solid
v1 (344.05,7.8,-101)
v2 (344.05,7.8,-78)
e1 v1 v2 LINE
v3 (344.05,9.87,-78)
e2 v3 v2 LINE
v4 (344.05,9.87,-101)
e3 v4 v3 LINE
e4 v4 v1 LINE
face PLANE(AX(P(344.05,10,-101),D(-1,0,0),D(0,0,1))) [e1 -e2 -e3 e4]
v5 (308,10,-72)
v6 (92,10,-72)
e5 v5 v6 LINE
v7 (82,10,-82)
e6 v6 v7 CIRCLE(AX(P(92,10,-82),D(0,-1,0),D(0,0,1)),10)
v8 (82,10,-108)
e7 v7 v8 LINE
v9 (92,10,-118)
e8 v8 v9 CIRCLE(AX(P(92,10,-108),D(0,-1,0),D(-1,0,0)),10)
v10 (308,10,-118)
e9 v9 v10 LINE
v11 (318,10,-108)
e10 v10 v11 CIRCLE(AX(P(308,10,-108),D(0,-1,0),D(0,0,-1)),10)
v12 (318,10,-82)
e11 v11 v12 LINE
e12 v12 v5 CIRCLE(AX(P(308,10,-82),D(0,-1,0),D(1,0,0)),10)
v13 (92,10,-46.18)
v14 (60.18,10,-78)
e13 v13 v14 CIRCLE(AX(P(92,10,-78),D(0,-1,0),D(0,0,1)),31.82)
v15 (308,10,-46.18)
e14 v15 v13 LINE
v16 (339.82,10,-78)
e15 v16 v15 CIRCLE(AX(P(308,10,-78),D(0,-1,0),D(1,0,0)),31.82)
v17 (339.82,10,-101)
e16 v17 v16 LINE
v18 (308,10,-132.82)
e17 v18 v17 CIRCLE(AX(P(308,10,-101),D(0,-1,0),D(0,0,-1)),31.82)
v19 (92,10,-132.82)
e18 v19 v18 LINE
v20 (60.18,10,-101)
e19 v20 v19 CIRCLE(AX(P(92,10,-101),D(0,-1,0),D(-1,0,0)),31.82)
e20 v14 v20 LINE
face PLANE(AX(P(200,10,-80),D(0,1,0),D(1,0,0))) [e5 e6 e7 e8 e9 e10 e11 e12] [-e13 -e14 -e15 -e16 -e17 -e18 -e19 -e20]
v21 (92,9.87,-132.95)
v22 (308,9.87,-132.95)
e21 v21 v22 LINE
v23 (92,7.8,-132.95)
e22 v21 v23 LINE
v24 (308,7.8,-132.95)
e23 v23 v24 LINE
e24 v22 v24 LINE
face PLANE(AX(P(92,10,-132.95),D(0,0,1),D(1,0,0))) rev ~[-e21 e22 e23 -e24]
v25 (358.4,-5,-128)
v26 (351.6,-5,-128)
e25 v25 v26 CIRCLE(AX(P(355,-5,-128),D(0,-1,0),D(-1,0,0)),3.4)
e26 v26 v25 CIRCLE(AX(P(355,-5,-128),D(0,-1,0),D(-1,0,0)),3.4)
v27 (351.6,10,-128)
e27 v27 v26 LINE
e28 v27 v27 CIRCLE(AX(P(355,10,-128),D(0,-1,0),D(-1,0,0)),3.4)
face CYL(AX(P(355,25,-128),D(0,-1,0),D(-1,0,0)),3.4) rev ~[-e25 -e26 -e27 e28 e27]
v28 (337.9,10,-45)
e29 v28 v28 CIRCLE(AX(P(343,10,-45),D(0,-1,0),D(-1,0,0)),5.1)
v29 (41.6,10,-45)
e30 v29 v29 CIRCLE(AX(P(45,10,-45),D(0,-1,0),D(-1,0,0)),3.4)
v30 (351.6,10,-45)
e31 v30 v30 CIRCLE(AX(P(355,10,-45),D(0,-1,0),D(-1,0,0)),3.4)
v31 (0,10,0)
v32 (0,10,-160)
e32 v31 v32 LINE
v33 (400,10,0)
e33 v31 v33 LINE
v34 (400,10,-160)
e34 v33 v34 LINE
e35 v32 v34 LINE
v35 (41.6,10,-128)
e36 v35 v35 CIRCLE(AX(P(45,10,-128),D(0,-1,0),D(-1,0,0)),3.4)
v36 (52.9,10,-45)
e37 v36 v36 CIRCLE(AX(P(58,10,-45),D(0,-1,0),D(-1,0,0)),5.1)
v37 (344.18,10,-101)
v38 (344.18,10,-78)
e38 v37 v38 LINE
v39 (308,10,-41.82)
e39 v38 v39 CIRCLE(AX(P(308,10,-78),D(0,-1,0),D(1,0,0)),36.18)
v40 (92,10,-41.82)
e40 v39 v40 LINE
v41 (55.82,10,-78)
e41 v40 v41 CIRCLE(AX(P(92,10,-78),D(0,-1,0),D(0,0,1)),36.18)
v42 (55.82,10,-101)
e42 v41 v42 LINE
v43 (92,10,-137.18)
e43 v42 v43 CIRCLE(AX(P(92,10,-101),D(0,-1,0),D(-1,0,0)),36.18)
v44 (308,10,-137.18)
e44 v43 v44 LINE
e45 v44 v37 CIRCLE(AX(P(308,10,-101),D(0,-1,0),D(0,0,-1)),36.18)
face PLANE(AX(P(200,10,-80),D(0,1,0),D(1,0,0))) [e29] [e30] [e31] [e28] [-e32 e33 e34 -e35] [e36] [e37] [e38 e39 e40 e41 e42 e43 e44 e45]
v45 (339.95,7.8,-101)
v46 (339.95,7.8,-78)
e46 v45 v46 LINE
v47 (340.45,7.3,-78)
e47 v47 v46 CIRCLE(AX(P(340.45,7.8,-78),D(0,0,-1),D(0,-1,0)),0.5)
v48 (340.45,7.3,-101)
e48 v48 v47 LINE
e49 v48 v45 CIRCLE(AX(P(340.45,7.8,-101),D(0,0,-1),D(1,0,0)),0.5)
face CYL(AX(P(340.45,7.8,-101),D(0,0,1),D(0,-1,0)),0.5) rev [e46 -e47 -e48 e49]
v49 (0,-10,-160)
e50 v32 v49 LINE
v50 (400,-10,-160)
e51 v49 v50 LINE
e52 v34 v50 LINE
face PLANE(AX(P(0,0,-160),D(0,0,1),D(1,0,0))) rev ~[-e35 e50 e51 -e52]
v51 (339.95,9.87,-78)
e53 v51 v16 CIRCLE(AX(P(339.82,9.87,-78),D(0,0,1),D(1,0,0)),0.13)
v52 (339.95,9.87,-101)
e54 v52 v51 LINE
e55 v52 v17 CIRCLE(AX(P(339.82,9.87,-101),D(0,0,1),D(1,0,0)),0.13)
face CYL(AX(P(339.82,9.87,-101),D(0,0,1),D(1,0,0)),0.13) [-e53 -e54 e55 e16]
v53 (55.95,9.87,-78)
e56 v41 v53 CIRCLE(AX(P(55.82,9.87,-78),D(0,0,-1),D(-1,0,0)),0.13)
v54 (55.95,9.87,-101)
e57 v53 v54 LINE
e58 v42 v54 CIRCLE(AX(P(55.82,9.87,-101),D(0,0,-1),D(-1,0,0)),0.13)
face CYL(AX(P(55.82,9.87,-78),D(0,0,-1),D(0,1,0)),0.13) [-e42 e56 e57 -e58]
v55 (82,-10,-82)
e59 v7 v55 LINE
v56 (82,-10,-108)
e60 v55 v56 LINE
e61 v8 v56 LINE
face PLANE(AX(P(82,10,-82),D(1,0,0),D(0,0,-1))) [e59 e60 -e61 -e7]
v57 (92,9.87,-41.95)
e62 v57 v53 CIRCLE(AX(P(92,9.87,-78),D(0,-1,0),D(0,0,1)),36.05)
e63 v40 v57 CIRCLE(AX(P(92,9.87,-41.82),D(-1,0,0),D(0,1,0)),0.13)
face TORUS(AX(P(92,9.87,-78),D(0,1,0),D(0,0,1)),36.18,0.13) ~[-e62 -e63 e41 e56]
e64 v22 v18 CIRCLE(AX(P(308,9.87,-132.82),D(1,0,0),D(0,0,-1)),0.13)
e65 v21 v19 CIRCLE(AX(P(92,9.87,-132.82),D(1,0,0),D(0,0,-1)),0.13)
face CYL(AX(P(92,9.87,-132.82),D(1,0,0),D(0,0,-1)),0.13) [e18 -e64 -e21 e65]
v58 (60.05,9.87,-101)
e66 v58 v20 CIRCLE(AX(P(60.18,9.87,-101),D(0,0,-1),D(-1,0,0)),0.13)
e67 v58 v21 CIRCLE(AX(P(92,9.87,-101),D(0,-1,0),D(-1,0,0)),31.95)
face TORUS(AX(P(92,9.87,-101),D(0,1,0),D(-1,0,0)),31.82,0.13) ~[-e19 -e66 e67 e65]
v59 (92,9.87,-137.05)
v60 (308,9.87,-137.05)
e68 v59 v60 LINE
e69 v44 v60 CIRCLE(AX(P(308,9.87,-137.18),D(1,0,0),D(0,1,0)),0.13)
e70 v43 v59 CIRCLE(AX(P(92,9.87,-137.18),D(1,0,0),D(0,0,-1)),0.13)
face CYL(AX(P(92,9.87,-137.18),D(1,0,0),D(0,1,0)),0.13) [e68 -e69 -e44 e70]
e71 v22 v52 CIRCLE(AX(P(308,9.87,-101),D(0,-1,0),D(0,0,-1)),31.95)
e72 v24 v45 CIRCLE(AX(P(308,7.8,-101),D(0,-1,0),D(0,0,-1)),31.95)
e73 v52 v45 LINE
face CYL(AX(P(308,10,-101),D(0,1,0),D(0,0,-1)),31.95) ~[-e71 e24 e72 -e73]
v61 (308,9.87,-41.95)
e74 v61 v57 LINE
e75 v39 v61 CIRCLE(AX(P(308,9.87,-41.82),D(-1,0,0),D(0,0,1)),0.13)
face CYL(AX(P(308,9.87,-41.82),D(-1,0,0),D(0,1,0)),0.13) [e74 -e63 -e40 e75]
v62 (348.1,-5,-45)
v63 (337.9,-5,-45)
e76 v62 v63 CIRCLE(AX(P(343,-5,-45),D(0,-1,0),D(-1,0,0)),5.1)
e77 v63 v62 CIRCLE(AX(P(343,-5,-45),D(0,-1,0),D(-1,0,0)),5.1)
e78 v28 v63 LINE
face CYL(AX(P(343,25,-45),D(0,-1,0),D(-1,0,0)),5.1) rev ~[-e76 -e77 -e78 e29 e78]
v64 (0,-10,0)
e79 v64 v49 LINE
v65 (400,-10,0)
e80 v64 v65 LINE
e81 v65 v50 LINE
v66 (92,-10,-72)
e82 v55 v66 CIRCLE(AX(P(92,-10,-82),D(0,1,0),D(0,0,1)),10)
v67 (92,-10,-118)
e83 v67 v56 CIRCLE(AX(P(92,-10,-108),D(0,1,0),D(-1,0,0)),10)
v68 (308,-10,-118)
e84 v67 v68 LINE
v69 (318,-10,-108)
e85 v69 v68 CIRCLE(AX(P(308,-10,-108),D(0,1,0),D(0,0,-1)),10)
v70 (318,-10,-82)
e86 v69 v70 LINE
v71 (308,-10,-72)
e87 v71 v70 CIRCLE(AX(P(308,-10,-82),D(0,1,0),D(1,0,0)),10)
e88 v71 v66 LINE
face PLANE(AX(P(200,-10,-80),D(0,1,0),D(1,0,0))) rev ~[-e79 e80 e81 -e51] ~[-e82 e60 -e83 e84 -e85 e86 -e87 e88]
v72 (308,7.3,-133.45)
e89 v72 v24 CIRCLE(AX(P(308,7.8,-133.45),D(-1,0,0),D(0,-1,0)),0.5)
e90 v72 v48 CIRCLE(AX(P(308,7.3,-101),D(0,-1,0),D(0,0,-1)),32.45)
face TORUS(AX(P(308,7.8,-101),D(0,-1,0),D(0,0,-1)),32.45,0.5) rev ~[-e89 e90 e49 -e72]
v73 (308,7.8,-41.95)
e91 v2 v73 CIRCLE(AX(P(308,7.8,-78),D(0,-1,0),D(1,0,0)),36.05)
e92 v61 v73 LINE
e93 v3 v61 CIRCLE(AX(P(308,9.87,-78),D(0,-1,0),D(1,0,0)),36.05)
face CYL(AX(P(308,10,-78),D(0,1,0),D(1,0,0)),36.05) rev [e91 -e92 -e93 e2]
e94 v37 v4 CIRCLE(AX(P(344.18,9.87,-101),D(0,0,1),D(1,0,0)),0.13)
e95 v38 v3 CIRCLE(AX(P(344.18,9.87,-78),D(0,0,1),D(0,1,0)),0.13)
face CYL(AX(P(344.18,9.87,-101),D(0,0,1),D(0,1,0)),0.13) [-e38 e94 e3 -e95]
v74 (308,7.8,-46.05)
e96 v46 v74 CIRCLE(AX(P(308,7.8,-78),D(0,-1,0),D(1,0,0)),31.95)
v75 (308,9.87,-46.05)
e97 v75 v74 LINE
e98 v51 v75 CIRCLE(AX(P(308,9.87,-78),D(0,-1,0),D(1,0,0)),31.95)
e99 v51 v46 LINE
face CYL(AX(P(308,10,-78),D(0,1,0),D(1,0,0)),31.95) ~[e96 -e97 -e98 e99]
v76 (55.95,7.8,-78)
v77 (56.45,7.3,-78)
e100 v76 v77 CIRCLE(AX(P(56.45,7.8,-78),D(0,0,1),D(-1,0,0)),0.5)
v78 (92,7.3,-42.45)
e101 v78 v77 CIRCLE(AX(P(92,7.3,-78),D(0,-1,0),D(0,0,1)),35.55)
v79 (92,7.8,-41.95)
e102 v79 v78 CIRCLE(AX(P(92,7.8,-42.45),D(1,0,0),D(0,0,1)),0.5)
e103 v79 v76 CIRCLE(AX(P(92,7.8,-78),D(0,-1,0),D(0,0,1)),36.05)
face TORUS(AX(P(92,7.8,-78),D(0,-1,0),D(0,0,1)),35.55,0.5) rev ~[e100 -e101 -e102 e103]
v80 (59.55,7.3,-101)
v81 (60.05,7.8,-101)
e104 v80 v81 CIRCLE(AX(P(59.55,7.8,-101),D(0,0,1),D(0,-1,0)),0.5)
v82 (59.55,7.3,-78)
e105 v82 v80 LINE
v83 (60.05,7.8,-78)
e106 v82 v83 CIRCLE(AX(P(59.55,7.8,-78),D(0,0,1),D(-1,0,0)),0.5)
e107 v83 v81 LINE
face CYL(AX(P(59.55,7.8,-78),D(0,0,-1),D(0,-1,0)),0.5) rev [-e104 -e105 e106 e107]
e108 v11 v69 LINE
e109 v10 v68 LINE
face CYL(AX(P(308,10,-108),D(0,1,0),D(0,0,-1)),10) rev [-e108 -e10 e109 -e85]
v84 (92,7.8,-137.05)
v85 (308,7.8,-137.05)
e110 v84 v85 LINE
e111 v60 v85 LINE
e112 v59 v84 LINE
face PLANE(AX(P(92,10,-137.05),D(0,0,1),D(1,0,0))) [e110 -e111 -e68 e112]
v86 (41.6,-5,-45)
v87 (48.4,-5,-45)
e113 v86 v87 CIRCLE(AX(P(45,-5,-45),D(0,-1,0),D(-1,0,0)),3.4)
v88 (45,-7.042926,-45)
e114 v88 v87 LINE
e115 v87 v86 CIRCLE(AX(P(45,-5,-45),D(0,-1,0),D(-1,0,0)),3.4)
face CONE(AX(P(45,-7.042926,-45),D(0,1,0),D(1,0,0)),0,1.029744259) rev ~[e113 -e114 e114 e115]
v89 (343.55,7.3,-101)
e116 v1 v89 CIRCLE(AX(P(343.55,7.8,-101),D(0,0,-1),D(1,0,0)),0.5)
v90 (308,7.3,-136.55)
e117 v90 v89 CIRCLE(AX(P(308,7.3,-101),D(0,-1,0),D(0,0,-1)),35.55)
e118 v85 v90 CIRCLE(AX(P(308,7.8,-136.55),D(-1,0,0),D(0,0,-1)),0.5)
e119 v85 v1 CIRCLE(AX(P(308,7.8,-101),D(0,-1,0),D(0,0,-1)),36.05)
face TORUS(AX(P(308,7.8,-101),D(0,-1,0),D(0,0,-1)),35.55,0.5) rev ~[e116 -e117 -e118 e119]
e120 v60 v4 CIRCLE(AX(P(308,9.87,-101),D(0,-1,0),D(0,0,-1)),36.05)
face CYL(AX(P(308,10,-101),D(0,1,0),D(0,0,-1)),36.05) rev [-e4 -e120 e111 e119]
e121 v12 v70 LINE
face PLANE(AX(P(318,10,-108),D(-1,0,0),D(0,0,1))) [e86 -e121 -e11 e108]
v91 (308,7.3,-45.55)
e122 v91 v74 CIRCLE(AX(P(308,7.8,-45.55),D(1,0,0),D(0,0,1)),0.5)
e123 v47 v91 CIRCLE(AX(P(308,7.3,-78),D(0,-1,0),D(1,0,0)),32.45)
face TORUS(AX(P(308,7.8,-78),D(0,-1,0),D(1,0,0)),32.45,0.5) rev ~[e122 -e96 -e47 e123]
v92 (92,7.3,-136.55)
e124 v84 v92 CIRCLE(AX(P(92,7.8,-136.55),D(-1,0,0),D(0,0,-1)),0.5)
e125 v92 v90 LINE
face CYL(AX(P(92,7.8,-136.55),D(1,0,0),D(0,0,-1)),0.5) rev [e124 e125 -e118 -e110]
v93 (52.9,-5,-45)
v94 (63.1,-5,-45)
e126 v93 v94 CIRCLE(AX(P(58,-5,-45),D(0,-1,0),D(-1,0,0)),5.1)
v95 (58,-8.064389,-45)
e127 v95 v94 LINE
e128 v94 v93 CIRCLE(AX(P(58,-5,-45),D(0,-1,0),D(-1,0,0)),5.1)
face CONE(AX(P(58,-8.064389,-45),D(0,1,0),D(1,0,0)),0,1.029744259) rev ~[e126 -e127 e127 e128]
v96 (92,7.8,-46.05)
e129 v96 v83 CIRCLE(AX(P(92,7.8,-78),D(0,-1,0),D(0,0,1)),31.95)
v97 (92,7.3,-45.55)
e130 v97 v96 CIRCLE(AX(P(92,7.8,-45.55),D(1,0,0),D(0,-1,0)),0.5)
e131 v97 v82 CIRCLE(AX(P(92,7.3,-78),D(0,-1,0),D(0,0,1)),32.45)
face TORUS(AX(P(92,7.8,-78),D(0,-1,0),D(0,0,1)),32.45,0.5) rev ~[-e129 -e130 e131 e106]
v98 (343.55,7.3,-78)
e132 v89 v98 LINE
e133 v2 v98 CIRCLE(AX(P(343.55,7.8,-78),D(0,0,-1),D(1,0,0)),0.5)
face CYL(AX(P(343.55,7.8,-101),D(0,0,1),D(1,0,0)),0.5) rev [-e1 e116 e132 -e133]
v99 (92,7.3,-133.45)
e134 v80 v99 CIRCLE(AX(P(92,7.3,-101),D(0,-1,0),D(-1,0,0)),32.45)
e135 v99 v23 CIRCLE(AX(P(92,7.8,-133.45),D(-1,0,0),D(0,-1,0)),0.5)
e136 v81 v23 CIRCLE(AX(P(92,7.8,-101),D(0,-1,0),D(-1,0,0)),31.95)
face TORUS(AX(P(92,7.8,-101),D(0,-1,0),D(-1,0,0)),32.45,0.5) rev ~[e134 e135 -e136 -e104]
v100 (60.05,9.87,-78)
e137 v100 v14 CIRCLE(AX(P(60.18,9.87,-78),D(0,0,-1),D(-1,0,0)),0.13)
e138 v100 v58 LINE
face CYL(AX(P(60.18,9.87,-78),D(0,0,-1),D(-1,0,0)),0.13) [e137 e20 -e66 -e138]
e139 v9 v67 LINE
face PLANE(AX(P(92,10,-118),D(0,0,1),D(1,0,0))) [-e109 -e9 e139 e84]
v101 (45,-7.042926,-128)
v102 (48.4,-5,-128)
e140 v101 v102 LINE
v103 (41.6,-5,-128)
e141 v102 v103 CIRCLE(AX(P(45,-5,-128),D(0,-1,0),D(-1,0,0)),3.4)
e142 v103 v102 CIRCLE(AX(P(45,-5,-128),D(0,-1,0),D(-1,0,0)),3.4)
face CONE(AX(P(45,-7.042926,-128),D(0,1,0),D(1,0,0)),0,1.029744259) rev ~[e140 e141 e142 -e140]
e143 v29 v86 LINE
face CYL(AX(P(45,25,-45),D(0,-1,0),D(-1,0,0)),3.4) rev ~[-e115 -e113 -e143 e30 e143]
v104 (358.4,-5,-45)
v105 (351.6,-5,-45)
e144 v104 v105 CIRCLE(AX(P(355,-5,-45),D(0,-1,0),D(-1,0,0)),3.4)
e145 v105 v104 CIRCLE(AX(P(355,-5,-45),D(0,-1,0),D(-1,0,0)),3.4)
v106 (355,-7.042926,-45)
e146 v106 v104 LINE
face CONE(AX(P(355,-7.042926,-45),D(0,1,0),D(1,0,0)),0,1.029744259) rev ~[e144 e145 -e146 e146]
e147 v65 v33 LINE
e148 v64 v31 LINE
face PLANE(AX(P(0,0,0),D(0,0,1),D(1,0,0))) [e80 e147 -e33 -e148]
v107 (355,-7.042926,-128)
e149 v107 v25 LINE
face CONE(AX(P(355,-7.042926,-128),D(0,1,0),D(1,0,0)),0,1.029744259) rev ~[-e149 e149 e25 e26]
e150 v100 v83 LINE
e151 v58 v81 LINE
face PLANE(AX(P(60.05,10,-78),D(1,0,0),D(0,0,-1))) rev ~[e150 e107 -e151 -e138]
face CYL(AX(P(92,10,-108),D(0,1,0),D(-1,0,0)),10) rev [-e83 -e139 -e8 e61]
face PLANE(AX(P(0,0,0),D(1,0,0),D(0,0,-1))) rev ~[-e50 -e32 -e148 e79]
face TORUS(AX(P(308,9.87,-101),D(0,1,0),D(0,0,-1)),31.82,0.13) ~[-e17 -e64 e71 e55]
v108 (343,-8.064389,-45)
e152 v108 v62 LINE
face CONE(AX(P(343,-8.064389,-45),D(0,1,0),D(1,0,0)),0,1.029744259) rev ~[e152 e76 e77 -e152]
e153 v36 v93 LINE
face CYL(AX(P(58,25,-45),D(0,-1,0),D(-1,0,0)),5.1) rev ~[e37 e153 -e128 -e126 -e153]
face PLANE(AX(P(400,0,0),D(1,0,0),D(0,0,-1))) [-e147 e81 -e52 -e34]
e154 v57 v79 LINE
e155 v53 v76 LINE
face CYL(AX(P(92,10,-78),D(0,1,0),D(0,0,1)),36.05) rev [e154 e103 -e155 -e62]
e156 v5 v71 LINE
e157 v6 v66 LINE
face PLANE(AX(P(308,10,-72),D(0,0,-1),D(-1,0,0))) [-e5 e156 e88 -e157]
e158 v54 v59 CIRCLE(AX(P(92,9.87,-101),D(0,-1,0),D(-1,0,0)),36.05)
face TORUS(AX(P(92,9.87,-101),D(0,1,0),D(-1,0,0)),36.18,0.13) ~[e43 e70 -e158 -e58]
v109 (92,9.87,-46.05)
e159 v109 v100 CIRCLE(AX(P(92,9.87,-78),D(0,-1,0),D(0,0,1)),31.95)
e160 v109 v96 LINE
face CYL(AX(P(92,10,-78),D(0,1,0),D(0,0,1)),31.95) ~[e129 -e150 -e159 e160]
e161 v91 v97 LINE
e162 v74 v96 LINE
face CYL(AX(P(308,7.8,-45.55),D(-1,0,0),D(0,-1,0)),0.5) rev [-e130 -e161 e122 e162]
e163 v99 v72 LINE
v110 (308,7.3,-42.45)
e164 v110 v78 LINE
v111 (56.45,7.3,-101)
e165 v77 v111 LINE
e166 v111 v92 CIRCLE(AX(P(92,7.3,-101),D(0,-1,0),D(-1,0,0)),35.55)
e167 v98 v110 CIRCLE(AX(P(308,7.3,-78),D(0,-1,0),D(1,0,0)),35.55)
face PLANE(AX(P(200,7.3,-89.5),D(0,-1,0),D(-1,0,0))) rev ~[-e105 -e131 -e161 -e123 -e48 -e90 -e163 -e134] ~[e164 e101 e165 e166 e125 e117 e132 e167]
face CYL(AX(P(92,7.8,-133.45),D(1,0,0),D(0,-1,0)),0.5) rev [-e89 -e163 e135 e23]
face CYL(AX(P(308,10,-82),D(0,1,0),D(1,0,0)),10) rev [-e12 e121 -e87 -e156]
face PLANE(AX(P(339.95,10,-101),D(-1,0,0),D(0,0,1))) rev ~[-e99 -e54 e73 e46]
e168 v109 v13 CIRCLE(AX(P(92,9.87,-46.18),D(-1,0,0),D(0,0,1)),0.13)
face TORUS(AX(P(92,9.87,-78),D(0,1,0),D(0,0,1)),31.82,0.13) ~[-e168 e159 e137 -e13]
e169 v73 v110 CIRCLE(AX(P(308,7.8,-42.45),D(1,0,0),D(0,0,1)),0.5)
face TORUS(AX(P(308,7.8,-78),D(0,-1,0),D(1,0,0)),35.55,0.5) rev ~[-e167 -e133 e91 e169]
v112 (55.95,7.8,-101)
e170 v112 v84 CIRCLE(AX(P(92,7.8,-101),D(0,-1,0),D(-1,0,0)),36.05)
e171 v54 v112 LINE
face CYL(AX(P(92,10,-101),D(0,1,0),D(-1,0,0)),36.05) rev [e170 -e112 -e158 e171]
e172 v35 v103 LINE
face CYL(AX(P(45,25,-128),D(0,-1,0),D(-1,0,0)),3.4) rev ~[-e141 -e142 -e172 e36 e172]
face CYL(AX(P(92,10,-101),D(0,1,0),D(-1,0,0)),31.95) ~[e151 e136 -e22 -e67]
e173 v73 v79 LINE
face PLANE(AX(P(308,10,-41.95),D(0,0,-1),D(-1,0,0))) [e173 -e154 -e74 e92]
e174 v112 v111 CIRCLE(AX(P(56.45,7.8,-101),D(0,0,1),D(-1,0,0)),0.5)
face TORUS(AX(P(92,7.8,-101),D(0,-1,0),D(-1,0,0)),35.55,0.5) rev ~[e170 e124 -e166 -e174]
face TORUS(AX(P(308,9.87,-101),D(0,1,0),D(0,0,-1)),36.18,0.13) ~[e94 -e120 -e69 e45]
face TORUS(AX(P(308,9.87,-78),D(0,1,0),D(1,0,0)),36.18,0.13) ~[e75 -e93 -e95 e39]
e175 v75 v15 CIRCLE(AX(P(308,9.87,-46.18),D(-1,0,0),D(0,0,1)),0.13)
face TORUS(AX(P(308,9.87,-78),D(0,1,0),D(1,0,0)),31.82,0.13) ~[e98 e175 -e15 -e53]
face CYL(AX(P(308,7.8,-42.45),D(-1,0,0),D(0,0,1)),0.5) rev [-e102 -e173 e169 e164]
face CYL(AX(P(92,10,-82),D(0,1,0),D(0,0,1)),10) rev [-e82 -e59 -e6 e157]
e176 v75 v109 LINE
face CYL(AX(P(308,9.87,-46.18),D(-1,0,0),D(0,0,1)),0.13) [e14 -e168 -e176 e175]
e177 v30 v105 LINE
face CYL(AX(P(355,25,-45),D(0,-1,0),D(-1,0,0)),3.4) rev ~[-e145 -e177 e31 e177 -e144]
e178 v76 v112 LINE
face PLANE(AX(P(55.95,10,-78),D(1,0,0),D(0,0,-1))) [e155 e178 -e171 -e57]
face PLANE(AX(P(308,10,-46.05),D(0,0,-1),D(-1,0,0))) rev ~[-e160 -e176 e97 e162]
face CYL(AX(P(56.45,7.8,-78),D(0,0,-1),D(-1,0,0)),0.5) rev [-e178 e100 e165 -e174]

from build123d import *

# Parameters (mm, degrees)
SKETCH_1_W              = 400
SKETCH_1_H              = 160
EXTRUDE_1_DEPTH         = 10
CUT_EXTRUDE_1_DEPTH     = 2.7
FILLET_1_R              = 0.13
FILLET_2_R              = 0.5
CUT_EXTRUDE_2_DEPTH     = 432.277173057
HOLE_WIZARD_M12_1_D     = 10.2
HOLE_WIZARD_M12_1_DEPTH = 15
HOLE_WIZARD_M12_1_TIP   = 3.064389157
HOLE_WIZARD_M8_1_D      = 6.8
HOLE_WIZARD_M8_1_DEPTH  = 15
HOLE_WIZARD_M8_1_TIP    = 2.042926105


with BuildPart() as part:
    # 스케치1 → 보스-돌출1 (new, symmetric)
    with BuildSketch(Plane(origin=(0, 0, 0), x_dir=(1, 0, 0), z_dir=(0, 1, 0))):
        with Locations((200, 80)):
            Rectangle(SKETCH_1_W, SKETCH_1_H)
    extrude(amount=EXTRUDE_1_DEPTH, both=True)

    # 스케치2 → 컷-돌출1 (cut)
    with BuildSketch(Plane(origin=(0, 10, 0), x_dir=(1, 0, 0), z_dir=(0, 1, 0))):
        with BuildLine():
            Line((92, 137.05), (308, 137.05))
            ThreePointArc((308, 137.05), (333.491199462, 126.491199462), (344.05, 101))
            Line((344.05, 101), (344.05, 78))
            ThreePointArc((344.05, 78), (333.491199462, 52.508800538), (308, 41.95))
            Line((308, 41.95), (92, 41.95))
            ThreePointArc((92, 41.95), (66.508800538, 52.508800538), (55.95, 78))
            Line((55.95, 78), (55.95, 101))
            ThreePointArc((55.95, 101), (66.508800538, 126.491199462), (92, 137.05))
        make_face()
        with BuildLine():
            Line((92, 132.95), (308, 132.95))
            ThreePointArc((308, 132.95), (330.592061659, 123.592061659), (339.95, 101))
            Line((339.95, 101), (339.95, 78))
            ThreePointArc((339.95, 78), (330.592061659, 55.407938341), (308, 46.05))
            Line((308, 46.05), (92, 46.05))
            ThreePointArc((92, 46.05), (69.407938341, 55.407938341), (60.05, 78))
            Line((60.05, 78), (60.05, 101))
            ThreePointArc((60.05, 101), (69.407938341, 123.592061659), (92, 132.95))
        make_face(mode=Mode.SUBTRACT)
    extrude(amount=-CUT_EXTRUDE_1_DEPTH, mode=Mode.SUBTRACT)

    # 필렛1
    fillet_1_edges = [part.edges().sort_by_distance(p)[0] for p in [
        (66.508800538, 10, -126.491199462),
        (55.95, 10, -89.5),
        (66.508800538, 10, -52.508800538),
        (200, 10, -41.95),
        (333.491199462, 10, -52.508800538),
        (344.05, 10, -89.5),
        (333.491199462, 10, -126.491199462),
        (200, 10, -137.05),
        (69.407938341, 10, -123.592061659),
        (200, 10, -132.95),
        (330.592061659, 10, -123.592061659),
        (339.95, 10, -89.5),
        (330.592061659, 10, -55.407938341),
        (200, 10, -46.05),
        (69.407938341, 10, -55.407938341),
        (60.05, 10, -89.5),
    ]]
    fillet(fillet_1_edges, radius=FILLET_1_R)

    # 필렛2
    fillet_2_edges = [part.edges().sort_by_distance(p)[0] for p in [
        (66.508800538, 7.3, -126.491199462),
        (200, 7.3, -137.05),
        (333.491199462, 7.3, -126.491199462),
        (344.05, 7.3, -89.5),
        (333.491199462, 7.3, -52.508800538),
        (200, 7.3, -41.95),
        (66.508800538, 7.3, -52.508800538),
        (55.95, 7.3, -89.5),
        (200, 7.3, -132.95),
        (69.407938341, 7.3, -123.592061659),
        (60.05, 7.3, -89.5),
        (69.407938341, 7.3, -55.407938341),
        (200, 7.3, -46.05),
        (330.592061659, 7.3, -55.407938341),
        (339.95, 7.3, -89.5),
        (330.592061659, 7.3, -123.592061659),
    ]]
    fillet(fillet_2_edges, radius=FILLET_2_R)

    # 스케치3 → 컷-돌출2 (cut, through all)
    with BuildSketch(Plane(origin=(0, 10, 0), x_dir=(1, 0, 0), z_dir=(0, 1, 0))):
        with BuildLine():
            Line((92, 118), (308, 118))
            ThreePointArc((308, 118), (315.071067812, 115.071067812), (318, 108))
            Line((318, 108), (318, 82))
            ThreePointArc((318, 82), (315.071067812, 74.928932188), (308, 72))
            Line((308, 72), (92, 72))
            ThreePointArc((92, 72), (84.928932188, 74.928932188), (82, 82))
            Line((82, 82), (82, 108))
            ThreePointArc((82, 108), (84.928932188, 115.071067812), (92, 118))
        make_face()
    extrude(amount=-CUT_EXTRUDE_2_DEPTH, mode=Mode.SUBTRACT)

    # M12 나사 구멍1
    with Locations(Plane(origin=(0, 10, 0), x_dir=(1, 0, 0), z_dir=(0, 1, 0))):
        with Locations((58, 45), (343, 45)):
            Hole(HOLE_WIZARD_M12_1_D / 2, depth=HOLE_WIZARD_M12_1_DEPTH)
            with Locations((0, 0, -(HOLE_WIZARD_M12_1_DEPTH + HOLE_WIZARD_M12_1_TIP / 2))):  # 118° drill point
                Cone(0, HOLE_WIZARD_M12_1_D / 2, HOLE_WIZARD_M12_1_TIP, mode=Mode.SUBTRACT)

    # M8 나사 구멍1
    with Locations(Plane(origin=(0, 10, 0), x_dir=(1, 0, 0), z_dir=(0, 1, 0))):
        with Locations((45, 128), (45, 45), (355, 128), (355, 45)):
            Hole(HOLE_WIZARD_M8_1_D / 2, depth=HOLE_WIZARD_M8_1_DEPTH)
            with Locations((0, 0, -(HOLE_WIZARD_M8_1_DEPTH + HOLE_WIZARD_M8_1_TIP / 2))):  # 118° drill point
                Cone(0, HOLE_WIZARD_M8_1_D / 2, HOLE_WIZARD_M8_1_TIP, mode=Mode.SUBTRACT)


solid = part.part
